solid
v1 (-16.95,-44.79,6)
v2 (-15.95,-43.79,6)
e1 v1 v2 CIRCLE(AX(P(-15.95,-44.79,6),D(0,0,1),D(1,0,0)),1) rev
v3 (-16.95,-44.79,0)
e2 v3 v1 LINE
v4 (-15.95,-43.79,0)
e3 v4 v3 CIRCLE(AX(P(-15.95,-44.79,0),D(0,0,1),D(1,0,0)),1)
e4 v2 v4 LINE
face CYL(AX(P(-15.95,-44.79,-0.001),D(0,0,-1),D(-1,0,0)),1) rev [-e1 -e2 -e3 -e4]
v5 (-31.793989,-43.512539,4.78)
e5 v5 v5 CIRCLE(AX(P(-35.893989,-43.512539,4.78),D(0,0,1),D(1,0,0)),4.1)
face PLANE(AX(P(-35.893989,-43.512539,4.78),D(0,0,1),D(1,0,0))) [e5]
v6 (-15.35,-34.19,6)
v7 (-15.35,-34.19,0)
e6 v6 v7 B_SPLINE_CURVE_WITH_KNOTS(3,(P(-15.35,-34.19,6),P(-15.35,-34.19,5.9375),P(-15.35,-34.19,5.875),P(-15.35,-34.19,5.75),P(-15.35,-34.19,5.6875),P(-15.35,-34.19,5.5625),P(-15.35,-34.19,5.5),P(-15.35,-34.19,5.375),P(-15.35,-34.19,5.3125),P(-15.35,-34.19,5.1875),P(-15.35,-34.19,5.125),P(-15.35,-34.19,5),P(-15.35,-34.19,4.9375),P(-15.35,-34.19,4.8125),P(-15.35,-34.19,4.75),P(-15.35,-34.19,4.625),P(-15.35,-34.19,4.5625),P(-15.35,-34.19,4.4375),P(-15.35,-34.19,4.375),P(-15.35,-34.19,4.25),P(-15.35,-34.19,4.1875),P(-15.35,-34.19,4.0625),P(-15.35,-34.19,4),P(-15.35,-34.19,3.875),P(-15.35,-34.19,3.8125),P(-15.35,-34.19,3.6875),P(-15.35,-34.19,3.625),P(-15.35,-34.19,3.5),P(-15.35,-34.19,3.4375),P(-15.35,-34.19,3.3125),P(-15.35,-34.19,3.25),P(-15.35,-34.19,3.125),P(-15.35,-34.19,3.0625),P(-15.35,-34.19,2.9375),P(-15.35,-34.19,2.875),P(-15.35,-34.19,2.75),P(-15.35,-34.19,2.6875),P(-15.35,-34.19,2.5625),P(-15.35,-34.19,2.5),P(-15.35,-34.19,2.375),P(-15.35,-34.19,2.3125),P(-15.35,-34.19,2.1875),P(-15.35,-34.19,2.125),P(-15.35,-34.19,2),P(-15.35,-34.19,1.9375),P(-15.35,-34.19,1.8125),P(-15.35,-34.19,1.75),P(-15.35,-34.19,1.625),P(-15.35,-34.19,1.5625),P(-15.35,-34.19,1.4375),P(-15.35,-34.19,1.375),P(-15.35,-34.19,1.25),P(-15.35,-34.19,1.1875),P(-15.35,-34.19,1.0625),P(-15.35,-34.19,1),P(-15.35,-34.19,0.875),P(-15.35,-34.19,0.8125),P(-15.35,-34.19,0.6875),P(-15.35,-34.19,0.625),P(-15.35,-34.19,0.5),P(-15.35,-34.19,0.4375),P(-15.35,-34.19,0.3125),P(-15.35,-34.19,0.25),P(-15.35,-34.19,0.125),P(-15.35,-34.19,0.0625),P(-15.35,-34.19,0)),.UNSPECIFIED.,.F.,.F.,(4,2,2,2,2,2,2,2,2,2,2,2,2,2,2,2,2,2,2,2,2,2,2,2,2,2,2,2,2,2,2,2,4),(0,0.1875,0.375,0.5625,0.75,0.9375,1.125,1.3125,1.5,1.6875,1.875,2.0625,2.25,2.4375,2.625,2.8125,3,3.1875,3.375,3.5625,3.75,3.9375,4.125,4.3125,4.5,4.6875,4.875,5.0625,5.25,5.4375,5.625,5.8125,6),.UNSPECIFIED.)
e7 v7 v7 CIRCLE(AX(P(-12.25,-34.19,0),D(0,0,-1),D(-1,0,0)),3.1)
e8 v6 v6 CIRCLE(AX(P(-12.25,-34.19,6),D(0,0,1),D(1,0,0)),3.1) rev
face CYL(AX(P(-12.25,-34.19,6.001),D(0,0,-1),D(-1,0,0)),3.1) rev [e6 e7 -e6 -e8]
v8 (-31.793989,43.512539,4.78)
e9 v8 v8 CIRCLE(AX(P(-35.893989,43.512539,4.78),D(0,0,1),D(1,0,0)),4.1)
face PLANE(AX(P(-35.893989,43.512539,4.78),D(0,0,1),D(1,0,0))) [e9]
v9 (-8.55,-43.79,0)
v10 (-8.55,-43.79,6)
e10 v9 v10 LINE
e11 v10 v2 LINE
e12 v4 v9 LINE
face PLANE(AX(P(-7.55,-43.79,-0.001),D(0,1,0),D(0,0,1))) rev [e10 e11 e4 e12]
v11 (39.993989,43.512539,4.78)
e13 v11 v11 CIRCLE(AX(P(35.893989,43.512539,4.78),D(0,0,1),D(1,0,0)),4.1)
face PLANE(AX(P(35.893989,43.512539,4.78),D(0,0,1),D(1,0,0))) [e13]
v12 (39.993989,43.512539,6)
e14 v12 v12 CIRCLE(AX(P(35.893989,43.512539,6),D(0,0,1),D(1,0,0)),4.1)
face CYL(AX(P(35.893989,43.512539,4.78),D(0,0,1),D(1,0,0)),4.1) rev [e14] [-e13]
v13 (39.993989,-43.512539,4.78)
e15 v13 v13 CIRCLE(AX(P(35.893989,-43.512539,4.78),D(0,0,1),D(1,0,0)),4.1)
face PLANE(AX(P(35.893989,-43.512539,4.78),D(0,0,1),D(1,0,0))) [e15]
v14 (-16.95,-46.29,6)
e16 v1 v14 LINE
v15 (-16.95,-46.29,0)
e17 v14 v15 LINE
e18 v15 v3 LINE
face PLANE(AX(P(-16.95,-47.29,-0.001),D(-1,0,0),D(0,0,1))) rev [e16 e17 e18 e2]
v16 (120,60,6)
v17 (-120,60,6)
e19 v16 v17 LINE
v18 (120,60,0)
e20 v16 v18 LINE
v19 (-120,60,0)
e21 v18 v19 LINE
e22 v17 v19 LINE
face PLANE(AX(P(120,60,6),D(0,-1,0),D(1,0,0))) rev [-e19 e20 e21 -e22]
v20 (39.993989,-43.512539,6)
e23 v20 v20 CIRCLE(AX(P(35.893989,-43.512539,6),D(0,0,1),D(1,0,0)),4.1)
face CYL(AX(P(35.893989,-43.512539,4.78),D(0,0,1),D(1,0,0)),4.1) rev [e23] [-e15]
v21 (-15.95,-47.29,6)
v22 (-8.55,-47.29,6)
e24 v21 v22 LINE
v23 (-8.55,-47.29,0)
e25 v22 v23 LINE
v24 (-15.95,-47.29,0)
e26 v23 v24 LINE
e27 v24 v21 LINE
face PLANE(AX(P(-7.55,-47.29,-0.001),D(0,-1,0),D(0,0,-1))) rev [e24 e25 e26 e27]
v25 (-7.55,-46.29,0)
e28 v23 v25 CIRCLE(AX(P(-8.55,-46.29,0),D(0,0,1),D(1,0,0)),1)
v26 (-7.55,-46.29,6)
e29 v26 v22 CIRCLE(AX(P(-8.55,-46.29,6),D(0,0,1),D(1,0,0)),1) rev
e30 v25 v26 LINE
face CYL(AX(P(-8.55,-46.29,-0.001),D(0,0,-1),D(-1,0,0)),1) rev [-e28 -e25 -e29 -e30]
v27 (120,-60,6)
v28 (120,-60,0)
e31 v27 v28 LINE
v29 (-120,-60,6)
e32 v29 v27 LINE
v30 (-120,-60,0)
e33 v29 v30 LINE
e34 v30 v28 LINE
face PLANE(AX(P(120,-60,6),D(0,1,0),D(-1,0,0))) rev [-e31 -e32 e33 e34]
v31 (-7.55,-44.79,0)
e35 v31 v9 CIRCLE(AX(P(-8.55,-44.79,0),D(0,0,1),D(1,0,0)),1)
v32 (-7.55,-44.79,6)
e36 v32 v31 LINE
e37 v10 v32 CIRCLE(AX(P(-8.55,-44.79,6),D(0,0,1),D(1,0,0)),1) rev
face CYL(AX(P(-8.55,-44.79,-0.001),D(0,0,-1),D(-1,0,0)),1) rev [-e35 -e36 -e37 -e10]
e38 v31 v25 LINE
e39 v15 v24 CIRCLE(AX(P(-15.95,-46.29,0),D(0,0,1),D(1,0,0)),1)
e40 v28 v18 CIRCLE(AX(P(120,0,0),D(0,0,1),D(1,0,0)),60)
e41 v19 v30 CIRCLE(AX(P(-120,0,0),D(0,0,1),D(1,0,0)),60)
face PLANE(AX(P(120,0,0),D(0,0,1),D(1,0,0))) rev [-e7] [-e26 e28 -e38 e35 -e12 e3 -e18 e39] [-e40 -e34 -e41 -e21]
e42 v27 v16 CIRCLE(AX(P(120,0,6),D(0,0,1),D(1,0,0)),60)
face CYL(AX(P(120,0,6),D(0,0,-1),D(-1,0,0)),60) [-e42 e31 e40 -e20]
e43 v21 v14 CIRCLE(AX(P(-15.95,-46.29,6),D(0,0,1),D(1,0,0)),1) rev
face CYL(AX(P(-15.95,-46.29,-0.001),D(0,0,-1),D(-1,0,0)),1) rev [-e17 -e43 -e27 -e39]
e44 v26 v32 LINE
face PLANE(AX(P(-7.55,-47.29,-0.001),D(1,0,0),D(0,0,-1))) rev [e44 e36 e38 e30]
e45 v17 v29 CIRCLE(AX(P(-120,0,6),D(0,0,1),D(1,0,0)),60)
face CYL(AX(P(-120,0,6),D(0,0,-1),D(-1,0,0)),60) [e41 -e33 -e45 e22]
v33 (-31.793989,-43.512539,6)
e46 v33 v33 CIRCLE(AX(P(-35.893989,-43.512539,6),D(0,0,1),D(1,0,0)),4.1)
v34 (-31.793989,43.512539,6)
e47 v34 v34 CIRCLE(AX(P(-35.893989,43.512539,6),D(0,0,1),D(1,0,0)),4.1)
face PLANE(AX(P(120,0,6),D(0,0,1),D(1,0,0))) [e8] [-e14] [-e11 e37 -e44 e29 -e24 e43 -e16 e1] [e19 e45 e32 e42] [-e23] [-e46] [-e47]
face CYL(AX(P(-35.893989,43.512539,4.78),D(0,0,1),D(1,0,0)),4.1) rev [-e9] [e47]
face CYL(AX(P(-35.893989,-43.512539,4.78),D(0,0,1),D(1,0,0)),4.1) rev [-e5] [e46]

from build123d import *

# Parameters (mm, degrees)
BOSS_EXTRU_1_DEPTH      = 6
ESQUISSE2_R             = 4.1
ENL_V_MAT_EXTRU_1_DEPTH = 1.22
ENL_V_MAT_EXTRU_2_REACH = 191.832
ESQUISSE3_R             = 3.1
ENL_V_MAT_EXTRU_3_REACH = 191.832
ESQUISSE5_W             = 9.4
ESQUISSE5_H             = 3.5
CONG_1_R                = 1


with BuildPart() as part:
    # Esquisse1 → Boss.-Extru.1 (new body)
    with BuildSketch(Plane.XY):
        with BuildLine():
            Line((120, -60), (-120, -60))
            ThreePointArc((-120, -60), (-180, 0), (-120, 60))
            Line((-120, 60), (120, 60))
            ThreePointArc((120, 60), (180, 0), (120, -60))
        make_face()
    extrude(amount=BOSS_EXTRU_1_DEPTH)

    # Esquisse2 → Enlèv. mat.-Extru.1 (cut)
    with BuildSketch(Plane.XY.offset(6)):
        with Locations((-35.893989476, 43.512538926)):
            Circle(ESQUISSE2_R)
        with Locations((35.893989476, 43.512538926)):
            Circle(ESQUISSE2_R)
        with Locations((35.893989476, -43.512538926)):
            Circle(ESQUISSE2_R)
        with Locations((-35.893989476, -43.512538926)):
            Circle(ESQUISSE2_R)
    extrude(amount=-ENL_V_MAT_EXTRU_1_DEPTH, mode=Mode.SUBTRACT)

    # Esquisse3 → Enlèv. mat.-Extru.2 (cut, up to next)
    with BuildSketch(Plane(origin=(0, 0, 0), x_dir=(-1, 0, 0), z_dir=(0, 0, -1)), mode=Mode.PRIVATE) as enl_v_mat_extru_2_sk1:
        with Locations((12.25, -34.19)):
            Circle(ESQUISSE3_R)
    enl_v_mat_extru_2_tool1 = extrude(enl_v_mat_extru_2_sk1.sketch, amount=-ENL_V_MAT_EXTRU_2_REACH, mode=Mode.PRIVATE) & part.part
    add(enl_v_mat_extru_2_tool1.solids().sort_by_distance((-12.25, -34.19, 0))[0], mode=Mode.SUBTRACT)

    # Esquisse5 → Enlèv. mat.-Extru.3 (cut, up to next)
    with BuildSketch(Plane.XY.offset(6), mode=Mode.PRIVATE) as enl_v_mat_extru_3_sk1:
        with Locations((-12.25, -45.54)):
            Rectangle(ESQUISSE5_W, ESQUISSE5_H)
    enl_v_mat_extru_3_tool1 = extrude(enl_v_mat_extru_3_sk1.sketch, amount=-ENL_V_MAT_EXTRU_3_REACH, mode=Mode.PRIVATE) & part.part
    add(enl_v_mat_extru_3_tool1.solids().sort_by_distance((-12.25, -45.54, 6))[0], mode=Mode.SUBTRACT)

    # Congé1
    cong_1_edges = [part.edges().sort_by_distance(p)[0] for p in [
        (-7.55, -43.79, 3),
        (-7.55, -47.29, 3),
        (-16.95, -47.29, 3),
        (-16.95, -43.79, 3),
    ]]
    fillet(cong_1_edges, radius=CONG_1_R)


solid = part.part
